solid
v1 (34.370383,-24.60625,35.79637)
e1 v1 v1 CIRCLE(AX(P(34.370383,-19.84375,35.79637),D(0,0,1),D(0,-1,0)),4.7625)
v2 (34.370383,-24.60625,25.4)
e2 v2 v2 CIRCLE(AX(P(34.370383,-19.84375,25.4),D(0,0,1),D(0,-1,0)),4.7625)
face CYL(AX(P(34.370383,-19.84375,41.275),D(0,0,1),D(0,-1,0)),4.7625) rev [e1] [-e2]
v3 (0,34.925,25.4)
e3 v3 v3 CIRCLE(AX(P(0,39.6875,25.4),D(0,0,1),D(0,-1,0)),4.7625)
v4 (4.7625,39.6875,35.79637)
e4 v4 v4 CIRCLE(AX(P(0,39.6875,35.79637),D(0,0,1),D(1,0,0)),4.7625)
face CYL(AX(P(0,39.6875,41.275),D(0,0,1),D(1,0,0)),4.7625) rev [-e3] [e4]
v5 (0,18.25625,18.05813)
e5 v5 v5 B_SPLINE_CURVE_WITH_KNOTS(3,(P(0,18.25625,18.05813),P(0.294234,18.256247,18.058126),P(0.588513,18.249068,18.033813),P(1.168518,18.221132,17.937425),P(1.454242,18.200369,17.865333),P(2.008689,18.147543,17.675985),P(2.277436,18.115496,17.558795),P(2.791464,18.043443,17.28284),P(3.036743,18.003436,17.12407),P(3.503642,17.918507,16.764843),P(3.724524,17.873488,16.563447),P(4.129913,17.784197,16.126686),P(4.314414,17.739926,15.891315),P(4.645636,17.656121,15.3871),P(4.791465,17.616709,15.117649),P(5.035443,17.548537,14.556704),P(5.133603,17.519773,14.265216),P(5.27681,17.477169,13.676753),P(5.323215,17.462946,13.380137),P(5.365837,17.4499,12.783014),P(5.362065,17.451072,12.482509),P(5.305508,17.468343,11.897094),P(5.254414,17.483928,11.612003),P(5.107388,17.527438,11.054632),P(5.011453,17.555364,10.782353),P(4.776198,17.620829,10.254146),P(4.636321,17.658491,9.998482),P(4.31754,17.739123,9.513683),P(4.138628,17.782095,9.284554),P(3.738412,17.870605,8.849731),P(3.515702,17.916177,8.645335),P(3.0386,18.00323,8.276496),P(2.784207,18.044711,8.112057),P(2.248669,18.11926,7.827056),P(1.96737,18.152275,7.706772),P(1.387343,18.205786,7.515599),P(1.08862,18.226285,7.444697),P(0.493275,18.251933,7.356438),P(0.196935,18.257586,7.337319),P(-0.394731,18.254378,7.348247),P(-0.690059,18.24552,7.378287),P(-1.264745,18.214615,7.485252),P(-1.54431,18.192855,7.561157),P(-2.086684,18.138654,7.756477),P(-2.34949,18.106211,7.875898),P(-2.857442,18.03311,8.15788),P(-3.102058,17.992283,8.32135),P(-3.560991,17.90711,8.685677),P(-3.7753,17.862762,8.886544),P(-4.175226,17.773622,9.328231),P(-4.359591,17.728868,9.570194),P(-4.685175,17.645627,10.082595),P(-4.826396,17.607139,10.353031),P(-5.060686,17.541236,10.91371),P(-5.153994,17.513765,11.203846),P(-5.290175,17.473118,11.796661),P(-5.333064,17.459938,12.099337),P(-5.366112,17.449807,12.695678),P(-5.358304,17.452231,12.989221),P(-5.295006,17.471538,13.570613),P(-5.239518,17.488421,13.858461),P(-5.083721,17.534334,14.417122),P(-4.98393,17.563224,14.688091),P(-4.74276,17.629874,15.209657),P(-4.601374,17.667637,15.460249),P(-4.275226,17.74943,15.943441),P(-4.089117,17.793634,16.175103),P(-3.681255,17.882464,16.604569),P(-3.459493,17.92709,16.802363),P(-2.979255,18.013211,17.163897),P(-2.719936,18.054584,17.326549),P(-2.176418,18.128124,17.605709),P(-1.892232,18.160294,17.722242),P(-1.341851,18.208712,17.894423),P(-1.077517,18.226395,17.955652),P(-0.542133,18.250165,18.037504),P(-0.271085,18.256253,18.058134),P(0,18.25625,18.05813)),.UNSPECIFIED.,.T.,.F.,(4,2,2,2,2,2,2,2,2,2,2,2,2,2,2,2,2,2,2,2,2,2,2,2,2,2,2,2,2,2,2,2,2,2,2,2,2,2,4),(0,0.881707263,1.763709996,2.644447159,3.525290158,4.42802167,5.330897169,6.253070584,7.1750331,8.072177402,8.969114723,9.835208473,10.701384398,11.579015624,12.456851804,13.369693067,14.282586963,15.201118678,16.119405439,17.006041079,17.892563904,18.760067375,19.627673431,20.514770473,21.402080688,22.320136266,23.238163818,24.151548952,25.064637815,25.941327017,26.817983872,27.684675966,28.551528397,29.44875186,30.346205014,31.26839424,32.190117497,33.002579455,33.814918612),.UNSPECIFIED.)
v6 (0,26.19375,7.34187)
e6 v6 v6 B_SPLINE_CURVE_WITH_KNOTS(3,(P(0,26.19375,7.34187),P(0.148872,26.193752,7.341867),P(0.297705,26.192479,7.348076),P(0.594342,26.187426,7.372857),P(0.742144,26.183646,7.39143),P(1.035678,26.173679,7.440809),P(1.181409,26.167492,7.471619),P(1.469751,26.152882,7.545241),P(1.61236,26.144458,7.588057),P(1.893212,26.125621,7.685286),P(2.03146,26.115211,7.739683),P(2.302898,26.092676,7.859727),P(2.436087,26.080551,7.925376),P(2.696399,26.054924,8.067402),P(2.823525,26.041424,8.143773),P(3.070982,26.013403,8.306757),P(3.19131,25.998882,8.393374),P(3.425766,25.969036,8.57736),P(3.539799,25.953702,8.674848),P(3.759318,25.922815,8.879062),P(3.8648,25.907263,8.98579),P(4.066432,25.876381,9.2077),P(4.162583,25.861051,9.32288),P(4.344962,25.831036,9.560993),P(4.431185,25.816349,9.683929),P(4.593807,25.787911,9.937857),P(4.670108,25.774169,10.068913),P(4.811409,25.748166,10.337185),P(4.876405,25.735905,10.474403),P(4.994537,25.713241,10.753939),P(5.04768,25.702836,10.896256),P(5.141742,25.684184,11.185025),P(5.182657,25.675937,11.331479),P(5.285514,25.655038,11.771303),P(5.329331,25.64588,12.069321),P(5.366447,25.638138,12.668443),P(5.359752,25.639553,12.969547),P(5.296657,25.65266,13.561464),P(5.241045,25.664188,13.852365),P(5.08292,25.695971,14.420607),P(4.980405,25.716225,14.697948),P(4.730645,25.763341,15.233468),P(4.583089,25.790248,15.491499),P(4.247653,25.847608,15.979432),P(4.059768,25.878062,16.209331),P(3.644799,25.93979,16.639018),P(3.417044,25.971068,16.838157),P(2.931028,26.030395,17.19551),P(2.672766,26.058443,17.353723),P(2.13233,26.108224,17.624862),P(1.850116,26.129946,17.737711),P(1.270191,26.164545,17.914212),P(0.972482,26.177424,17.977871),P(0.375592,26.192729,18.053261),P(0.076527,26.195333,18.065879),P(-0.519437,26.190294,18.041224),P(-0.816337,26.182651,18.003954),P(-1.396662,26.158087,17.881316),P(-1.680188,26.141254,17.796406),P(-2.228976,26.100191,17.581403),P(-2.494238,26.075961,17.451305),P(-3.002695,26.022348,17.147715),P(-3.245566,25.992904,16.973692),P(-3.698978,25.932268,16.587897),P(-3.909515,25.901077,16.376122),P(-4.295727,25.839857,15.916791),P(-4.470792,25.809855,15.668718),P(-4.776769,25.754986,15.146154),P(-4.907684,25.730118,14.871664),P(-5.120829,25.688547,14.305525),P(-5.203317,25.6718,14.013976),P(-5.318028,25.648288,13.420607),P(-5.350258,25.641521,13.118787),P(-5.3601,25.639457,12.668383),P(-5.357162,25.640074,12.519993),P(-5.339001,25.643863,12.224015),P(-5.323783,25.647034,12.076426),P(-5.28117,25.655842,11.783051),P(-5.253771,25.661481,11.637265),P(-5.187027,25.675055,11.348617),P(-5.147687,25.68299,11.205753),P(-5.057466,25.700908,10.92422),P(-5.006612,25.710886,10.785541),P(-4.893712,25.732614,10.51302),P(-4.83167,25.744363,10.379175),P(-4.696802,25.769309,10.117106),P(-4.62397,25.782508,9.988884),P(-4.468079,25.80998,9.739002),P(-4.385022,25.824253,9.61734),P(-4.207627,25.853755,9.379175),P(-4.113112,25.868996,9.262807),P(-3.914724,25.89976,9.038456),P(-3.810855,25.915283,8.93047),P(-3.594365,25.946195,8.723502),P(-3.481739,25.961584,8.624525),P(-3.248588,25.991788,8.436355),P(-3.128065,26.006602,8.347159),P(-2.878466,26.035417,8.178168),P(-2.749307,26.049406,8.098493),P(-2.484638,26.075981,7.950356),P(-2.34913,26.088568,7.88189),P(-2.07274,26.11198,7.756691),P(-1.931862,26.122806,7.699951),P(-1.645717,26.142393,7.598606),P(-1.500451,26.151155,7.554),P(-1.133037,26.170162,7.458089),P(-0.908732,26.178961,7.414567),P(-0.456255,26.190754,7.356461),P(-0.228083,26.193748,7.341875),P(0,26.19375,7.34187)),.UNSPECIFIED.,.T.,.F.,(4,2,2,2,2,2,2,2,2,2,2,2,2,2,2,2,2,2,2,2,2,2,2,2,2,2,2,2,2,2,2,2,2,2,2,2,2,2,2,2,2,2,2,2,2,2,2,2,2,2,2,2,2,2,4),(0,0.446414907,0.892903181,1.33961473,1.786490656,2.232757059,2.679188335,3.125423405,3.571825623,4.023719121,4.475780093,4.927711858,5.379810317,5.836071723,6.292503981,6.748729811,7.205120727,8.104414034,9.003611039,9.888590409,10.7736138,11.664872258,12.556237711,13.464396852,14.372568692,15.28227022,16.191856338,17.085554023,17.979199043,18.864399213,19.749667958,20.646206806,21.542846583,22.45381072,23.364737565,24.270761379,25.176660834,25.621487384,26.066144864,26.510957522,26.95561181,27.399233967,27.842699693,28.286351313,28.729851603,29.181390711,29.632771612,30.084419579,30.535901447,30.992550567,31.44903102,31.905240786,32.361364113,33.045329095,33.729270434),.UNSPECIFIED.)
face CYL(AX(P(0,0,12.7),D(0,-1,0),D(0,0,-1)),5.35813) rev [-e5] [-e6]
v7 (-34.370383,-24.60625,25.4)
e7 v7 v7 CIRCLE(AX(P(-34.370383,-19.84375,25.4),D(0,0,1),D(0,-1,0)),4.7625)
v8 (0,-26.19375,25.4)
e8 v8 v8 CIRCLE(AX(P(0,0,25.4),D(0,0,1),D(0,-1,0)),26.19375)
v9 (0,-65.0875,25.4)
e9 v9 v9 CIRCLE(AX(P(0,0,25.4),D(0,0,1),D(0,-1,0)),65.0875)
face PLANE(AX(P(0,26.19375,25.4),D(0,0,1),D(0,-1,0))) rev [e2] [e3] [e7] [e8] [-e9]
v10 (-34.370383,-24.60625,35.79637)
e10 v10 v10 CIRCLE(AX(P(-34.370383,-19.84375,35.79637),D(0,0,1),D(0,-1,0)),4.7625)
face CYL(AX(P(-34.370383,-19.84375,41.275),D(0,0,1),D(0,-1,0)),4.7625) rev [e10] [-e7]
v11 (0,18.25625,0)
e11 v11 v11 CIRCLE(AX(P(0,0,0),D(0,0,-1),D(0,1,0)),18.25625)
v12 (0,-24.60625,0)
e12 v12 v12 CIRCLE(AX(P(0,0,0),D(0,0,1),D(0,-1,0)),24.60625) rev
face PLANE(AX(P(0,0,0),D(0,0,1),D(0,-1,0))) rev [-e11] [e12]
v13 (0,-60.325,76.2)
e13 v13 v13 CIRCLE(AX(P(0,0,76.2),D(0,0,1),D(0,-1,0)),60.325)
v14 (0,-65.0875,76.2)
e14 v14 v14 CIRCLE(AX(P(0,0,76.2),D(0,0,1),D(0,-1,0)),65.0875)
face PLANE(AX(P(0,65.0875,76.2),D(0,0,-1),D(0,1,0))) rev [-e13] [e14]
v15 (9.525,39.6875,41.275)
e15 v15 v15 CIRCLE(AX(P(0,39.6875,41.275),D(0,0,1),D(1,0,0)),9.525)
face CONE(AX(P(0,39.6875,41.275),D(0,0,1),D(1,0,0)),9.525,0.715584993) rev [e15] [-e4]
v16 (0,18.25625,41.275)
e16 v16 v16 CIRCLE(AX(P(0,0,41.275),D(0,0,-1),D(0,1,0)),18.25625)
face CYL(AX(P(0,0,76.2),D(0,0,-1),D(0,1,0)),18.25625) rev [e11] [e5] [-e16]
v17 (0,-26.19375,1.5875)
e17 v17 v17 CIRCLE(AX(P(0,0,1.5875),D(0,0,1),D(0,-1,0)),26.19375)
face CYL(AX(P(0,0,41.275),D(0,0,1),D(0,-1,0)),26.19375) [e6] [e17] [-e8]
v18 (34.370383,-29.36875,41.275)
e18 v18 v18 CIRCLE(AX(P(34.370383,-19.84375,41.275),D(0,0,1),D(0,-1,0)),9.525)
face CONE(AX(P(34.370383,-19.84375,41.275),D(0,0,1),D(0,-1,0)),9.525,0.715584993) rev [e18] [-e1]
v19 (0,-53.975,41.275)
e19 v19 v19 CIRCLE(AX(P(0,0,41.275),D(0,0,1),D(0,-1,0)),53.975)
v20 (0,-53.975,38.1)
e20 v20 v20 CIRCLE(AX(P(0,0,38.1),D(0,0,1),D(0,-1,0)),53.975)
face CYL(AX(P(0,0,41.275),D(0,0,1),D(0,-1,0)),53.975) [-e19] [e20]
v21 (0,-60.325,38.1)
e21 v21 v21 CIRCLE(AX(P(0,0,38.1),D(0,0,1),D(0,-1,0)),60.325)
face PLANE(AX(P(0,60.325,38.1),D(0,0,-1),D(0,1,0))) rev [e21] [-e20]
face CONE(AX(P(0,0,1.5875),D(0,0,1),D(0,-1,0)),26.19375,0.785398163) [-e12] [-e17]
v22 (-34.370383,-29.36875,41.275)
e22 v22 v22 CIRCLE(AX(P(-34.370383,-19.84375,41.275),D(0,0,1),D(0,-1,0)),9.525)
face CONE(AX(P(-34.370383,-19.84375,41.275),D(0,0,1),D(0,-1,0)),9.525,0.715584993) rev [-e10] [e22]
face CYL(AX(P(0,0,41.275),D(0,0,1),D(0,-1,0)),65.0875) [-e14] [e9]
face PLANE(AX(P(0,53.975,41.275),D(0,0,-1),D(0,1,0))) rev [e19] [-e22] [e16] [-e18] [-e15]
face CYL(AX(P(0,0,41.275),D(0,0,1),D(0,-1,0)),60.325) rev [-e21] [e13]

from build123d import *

# Parameters (mm, degrees)
ESQUISSE3_R                                       = 18.25625
ENL_V_MAT_EXTRU_1_DEPTH                           = 120.495628843
FRAISAGE_POUR_VIS_T_TE_FRAIS_E_BOMB_E_D           = 9.525
FRAISAGE_POUR_VIS_T_TE_FRAIS_E_BOMB_E_CSINK_D     = 19.05
FRAISAGE_POUR_VIS_T_TE_FRAIS_E_BOMB_E_CSINK_ANGLE = 82
R_P_TITION_CIRCULAIRE1_COUNT                      = 3
CHANFREIN1_SIZE                                   = 1.5875
ESQUISSE7_W                                       = 5.35813
ESQUISSE7_H                                       = 65.0875


with BuildPart() as part:
    # Esquisse2 → Révolution2 (revolve)
    with BuildSketch(Plane(origin=(0, 0, 0), x_dir=(0, 0, -1), z_dir=(1, 0, 0)), mode=Mode.PRIVATE) as r_volution2_sk:
        Polygon((0, 0), (0, 26.19375), (-25.4, 26.19375), (-25.4, 65.0875), (-76.2, 65.0875), (-76.2, 60.325), (-38.1, 60.325), (-38.1, 53.975), (-41.275, 53.975), (-41.275, 0), align=None)
    revolve(r_volution2_sk.sketch.rotate(Axis((0, 0, 41.275), (0, 0, -1)), 180), axis=Axis((0, 0, 41.275), (0, 0, -1)))

    # Esquisse3 → Enlèv. mat.-Extru.1 (cut, through all)
    with BuildSketch(Plane(origin=(0, 0, 0), x_dir=(-1, 0, 0), z_dir=(0, 0, -1))):
        with Locations(Location((0, 0, 0), (0, 0, 90))):
            Circle(ESQUISSE3_R)
    extrude(amount=-ENL_V_MAT_EXTRU_1_DEPTH, mode=Mode.SUBTRACT)

    # Fraisage pour vis à tête fraisée bombée 3/81 (through all)
    with Locations(Plane.XY.offset(41.275)):
        with Locations((0, 39.6875)):
            fraisage_pour_vis_t_te_frais_e_bomb_e = CounterSinkHole(FRAISAGE_POUR_VIS_T_TE_FRAIS_E_BOMB_E_D / 2, FRAISAGE_POUR_VIS_T_TE_FRAIS_E_BOMB_E_CSINK_D / 2, counter_sink_angle=FRAISAGE_POUR_VIS_T_TE_FRAIS_E_BOMB_E_CSINK_ANGLE)

    # Répétition circulaire1: Fraisage pour vis à tête fraisée bombée 3/81 ×3 about axis
    r_p_tition_circulaire1_axis = Axis((0, 0, 0), (0, 0, 1))
    for i in range(1, R_P_TITION_CIRCULAIRE1_COUNT):
        add(fraisage_pour_vis_t_te_frais_e_bomb_e.rotate(r_p_tition_circulaire1_axis, i * 360 / R_P_TITION_CIRCULAIRE1_COUNT), mode=Mode.SUBTRACT)

    # Chanfrein1
    chanfrein1_edges = [part.edges().sort_by_distance(p)[0] for p in [
        (0, 26.19375, 0),
    ]]
    chamfer(chanfrein1_edges, length=CHANFREIN1_SIZE)

    # Esquisse7 → Trou taraudé 1/2-131 (revolve, cut)
    with BuildSketch(Plane(origin=(0, 0, 12.7), x_dir=(0, 0, -1), z_dir=(1, 0, 0))):
        with Locations((2.679065, 32.54375)):
            Rectangle(ESQUISSE7_W, ESQUISSE7_H)
    revolve(axis=Axis((0, -6.35, 12.7), (0, 1, 0)), mode=Mode.SUBTRACT)


solid = part.part
